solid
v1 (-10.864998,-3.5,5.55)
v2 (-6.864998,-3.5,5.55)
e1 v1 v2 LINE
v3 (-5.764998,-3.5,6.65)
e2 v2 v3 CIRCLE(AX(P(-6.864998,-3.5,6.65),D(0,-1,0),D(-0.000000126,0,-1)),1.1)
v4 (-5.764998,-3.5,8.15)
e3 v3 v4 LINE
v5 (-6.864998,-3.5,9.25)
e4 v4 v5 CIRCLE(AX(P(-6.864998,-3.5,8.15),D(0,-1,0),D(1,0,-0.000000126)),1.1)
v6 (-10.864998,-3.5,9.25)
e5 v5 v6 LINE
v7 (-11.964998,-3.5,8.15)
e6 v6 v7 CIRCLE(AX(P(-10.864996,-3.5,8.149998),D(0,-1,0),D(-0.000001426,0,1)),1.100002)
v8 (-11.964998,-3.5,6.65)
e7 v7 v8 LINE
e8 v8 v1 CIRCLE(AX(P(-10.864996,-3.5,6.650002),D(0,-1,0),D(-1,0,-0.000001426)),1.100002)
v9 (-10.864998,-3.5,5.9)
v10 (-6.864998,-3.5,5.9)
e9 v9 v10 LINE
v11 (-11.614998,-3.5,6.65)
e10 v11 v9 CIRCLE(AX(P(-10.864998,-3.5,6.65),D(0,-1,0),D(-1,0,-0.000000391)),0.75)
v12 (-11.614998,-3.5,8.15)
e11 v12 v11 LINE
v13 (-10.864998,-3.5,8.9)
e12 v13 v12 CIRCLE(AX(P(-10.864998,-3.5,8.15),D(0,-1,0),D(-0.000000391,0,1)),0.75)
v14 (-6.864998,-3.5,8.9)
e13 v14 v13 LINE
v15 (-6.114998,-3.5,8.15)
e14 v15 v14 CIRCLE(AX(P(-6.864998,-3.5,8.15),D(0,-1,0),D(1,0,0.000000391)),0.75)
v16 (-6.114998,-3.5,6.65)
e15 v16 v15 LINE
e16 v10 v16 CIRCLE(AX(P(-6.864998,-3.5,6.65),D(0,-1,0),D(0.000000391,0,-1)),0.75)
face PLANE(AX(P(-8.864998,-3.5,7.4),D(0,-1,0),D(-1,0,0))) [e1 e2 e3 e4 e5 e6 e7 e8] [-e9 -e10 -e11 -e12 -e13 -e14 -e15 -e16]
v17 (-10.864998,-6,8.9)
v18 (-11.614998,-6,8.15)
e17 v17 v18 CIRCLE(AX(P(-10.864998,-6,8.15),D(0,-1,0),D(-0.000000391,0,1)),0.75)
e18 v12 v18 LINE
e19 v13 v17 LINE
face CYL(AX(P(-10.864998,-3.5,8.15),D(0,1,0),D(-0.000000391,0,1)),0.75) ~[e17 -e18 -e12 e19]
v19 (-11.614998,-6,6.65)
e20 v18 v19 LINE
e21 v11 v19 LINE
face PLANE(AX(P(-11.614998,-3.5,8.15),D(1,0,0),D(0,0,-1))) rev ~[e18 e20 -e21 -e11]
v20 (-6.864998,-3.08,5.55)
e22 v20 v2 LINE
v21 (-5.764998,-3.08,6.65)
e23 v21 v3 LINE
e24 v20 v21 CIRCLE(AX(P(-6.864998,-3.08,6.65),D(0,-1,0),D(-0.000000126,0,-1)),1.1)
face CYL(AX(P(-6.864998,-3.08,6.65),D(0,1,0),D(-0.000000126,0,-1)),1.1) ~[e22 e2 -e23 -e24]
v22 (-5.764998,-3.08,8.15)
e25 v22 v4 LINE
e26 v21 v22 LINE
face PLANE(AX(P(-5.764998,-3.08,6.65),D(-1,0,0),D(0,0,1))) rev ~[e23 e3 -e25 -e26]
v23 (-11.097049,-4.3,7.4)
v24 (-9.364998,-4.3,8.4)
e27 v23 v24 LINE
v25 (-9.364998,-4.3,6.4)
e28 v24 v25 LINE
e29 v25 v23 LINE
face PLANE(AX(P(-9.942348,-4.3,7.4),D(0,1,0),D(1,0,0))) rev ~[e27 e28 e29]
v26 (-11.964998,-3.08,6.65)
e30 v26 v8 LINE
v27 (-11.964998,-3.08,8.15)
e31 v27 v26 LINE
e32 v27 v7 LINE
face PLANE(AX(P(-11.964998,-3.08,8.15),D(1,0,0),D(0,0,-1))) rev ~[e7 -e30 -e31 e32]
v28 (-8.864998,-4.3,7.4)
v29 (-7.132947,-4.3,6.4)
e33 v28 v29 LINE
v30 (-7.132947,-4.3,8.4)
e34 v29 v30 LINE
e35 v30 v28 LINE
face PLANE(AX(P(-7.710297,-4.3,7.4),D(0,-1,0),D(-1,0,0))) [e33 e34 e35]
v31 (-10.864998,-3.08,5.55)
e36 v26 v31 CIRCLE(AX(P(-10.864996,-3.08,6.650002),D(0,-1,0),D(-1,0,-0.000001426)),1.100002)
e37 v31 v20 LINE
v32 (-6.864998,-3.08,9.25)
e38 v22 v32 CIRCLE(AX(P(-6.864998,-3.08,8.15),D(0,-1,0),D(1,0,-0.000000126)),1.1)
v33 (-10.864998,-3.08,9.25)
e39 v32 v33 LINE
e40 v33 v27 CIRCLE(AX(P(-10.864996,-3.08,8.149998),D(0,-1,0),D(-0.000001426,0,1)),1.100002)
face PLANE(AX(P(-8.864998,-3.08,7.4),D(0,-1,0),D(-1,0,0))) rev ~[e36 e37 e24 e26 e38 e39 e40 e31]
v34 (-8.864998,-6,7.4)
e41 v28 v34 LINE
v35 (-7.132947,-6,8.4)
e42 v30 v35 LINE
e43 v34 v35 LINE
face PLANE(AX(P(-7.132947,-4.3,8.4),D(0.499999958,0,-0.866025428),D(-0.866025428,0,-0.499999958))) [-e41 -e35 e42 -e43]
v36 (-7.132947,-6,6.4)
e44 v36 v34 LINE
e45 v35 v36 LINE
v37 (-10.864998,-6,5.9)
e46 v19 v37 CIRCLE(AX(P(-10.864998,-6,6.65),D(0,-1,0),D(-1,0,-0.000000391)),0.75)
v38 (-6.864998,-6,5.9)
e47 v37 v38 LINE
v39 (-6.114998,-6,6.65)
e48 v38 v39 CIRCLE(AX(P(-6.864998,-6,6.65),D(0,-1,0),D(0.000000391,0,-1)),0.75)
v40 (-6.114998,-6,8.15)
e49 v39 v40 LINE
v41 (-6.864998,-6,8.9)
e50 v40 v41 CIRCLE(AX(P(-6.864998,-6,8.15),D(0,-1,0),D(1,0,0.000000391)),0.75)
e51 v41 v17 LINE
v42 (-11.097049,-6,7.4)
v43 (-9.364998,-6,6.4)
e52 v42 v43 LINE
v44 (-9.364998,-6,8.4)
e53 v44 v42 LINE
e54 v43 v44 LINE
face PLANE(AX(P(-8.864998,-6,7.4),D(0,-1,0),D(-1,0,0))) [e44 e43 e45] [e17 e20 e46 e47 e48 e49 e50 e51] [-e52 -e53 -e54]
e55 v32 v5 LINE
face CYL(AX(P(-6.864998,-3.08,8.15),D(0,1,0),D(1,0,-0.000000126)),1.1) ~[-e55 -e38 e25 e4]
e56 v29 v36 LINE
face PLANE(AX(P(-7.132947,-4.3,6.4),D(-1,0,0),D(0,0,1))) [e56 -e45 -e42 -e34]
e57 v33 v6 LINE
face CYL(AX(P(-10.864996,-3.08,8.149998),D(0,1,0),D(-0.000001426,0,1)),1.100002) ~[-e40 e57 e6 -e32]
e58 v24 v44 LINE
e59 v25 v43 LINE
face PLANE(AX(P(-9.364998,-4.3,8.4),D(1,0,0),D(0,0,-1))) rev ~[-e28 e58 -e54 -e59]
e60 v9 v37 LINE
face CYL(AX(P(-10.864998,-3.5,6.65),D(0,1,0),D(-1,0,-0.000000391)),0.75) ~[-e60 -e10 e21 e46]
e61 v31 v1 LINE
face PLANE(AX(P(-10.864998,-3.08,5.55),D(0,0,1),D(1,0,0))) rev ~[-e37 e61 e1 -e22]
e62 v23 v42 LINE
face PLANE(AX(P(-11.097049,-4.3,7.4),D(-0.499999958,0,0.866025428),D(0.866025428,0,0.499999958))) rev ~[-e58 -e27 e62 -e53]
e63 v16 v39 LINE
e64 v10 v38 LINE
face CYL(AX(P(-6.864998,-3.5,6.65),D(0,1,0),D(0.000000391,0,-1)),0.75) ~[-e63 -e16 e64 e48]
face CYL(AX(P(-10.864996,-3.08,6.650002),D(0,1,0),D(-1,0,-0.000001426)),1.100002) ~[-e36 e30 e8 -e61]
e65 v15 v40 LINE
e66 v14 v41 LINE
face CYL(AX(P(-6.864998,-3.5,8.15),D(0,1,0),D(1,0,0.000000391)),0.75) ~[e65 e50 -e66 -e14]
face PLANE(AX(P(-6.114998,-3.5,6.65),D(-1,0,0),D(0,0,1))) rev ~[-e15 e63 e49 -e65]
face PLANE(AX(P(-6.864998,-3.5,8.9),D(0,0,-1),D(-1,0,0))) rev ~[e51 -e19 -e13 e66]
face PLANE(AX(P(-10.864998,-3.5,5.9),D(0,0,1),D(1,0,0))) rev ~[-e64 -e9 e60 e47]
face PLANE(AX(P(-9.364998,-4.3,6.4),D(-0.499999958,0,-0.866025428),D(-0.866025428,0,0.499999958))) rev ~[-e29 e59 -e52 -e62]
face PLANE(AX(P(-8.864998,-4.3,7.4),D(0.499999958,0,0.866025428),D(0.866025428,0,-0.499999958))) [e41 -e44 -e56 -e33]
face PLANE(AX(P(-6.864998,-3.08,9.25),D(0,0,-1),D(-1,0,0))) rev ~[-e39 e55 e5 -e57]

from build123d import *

# Parameters (mm, degrees)
PAD010_START            = 3.08
PAD010_DEPTH            = 0.42
PAD011_START            = 3.5
PAD011_DEPTH            = 2.5
POCKET012_START         = 4.3
POCKET012_DEPTH         = 5.7
BODY008_PLACEMENT_ANGLE = 180


with BuildPart() as part:
    # Sketch026 → Pad010 (new body)
    with BuildSketch(Plane.XZ.offset(PAD010_START)):
        with BuildLine():
            Line((6.164998, 8.15), (6.164998, 6.65))
            ThreePointArc((6.164998, 6.65), (6.48718, 5.872183), (7.264998, 5.55))
            Line((7.264998, 5.55), (11.264998, 5.55))
            ThreePointArc((11.264998, 5.55), (12.042815, 5.872183), (12.364998, 6.65))
            Line((12.364998, 6.65), (12.364998, 8.15))
            ThreePointArc((12.364998, 8.15), (12.042815, 8.927817), (11.264998, 9.25))
            Line((11.264998, 9.25), (7.264998, 9.25))
            ThreePointArc((7.264998, 9.25), (6.48718, 8.927817), (6.164998, 8.15))
        make_face()
    extrude(amount=PAD010_DEPTH)

    # Sketch027 → Pad011 (join)
    with BuildSketch(Plane.XZ.offset(PAD011_START)):
        with BuildLine():
            Line((6.514998, 8.15), (6.514998, 6.65))
            ThreePointArc((6.514998, 6.65), (6.734668, 6.11967), (7.264998, 5.9))
            Line((7.264998, 5.9), (11.264998, 5.9))
            ThreePointArc((11.264998, 5.9), (11.795328, 6.11967), (12.014998, 6.65))
            Line((12.014998, 6.65), (12.014998, 8.15))
            ThreePointArc((12.014998, 8.15), (11.795328, 8.68033), (11.264998, 8.9))
            Line((11.264998, 8.9), (7.264998, 8.9))
            ThreePointArc((7.264998, 8.9), (6.734668, 8.68033), (6.514998, 8.15))
        make_face()
    extrude(amount=PAD011_DEPTH)


with BuildPart() as part_1:
    # Body006 placement: moved
    add(part.part.moved(Location((0, -0.68, 0))))


with BuildPart() as part_2:
    # Clone001 placement: moved
    add(part_1.part.moved(Location((0, 0.68, 0))))

    # Sketch028 → Pocket012 (cut)
    with BuildSketch(Plane.XZ.offset(POCKET012_START)):
        Polygon((9.764998, 6.4), (9.764998, 8.4), (11.497049, 7.4), align=None)
        Polygon((7.532947, 8.4), (7.532947, 6.4), (9.264998, 7.4), align=None)
    extrude(amount=POCKET012_DEPTH, mode=Mode.SUBTRACT)


with BuildPart() as part_3:
    # Body008 placement: moved
    add(part_2.part.moved(Location((0.4, 0, 14.8))).rotate(Axis((0.4, 0, 14.8), (0, 1, 0)), BODY008_PLACEMENT_ANGLE))


solid = part_3.part
